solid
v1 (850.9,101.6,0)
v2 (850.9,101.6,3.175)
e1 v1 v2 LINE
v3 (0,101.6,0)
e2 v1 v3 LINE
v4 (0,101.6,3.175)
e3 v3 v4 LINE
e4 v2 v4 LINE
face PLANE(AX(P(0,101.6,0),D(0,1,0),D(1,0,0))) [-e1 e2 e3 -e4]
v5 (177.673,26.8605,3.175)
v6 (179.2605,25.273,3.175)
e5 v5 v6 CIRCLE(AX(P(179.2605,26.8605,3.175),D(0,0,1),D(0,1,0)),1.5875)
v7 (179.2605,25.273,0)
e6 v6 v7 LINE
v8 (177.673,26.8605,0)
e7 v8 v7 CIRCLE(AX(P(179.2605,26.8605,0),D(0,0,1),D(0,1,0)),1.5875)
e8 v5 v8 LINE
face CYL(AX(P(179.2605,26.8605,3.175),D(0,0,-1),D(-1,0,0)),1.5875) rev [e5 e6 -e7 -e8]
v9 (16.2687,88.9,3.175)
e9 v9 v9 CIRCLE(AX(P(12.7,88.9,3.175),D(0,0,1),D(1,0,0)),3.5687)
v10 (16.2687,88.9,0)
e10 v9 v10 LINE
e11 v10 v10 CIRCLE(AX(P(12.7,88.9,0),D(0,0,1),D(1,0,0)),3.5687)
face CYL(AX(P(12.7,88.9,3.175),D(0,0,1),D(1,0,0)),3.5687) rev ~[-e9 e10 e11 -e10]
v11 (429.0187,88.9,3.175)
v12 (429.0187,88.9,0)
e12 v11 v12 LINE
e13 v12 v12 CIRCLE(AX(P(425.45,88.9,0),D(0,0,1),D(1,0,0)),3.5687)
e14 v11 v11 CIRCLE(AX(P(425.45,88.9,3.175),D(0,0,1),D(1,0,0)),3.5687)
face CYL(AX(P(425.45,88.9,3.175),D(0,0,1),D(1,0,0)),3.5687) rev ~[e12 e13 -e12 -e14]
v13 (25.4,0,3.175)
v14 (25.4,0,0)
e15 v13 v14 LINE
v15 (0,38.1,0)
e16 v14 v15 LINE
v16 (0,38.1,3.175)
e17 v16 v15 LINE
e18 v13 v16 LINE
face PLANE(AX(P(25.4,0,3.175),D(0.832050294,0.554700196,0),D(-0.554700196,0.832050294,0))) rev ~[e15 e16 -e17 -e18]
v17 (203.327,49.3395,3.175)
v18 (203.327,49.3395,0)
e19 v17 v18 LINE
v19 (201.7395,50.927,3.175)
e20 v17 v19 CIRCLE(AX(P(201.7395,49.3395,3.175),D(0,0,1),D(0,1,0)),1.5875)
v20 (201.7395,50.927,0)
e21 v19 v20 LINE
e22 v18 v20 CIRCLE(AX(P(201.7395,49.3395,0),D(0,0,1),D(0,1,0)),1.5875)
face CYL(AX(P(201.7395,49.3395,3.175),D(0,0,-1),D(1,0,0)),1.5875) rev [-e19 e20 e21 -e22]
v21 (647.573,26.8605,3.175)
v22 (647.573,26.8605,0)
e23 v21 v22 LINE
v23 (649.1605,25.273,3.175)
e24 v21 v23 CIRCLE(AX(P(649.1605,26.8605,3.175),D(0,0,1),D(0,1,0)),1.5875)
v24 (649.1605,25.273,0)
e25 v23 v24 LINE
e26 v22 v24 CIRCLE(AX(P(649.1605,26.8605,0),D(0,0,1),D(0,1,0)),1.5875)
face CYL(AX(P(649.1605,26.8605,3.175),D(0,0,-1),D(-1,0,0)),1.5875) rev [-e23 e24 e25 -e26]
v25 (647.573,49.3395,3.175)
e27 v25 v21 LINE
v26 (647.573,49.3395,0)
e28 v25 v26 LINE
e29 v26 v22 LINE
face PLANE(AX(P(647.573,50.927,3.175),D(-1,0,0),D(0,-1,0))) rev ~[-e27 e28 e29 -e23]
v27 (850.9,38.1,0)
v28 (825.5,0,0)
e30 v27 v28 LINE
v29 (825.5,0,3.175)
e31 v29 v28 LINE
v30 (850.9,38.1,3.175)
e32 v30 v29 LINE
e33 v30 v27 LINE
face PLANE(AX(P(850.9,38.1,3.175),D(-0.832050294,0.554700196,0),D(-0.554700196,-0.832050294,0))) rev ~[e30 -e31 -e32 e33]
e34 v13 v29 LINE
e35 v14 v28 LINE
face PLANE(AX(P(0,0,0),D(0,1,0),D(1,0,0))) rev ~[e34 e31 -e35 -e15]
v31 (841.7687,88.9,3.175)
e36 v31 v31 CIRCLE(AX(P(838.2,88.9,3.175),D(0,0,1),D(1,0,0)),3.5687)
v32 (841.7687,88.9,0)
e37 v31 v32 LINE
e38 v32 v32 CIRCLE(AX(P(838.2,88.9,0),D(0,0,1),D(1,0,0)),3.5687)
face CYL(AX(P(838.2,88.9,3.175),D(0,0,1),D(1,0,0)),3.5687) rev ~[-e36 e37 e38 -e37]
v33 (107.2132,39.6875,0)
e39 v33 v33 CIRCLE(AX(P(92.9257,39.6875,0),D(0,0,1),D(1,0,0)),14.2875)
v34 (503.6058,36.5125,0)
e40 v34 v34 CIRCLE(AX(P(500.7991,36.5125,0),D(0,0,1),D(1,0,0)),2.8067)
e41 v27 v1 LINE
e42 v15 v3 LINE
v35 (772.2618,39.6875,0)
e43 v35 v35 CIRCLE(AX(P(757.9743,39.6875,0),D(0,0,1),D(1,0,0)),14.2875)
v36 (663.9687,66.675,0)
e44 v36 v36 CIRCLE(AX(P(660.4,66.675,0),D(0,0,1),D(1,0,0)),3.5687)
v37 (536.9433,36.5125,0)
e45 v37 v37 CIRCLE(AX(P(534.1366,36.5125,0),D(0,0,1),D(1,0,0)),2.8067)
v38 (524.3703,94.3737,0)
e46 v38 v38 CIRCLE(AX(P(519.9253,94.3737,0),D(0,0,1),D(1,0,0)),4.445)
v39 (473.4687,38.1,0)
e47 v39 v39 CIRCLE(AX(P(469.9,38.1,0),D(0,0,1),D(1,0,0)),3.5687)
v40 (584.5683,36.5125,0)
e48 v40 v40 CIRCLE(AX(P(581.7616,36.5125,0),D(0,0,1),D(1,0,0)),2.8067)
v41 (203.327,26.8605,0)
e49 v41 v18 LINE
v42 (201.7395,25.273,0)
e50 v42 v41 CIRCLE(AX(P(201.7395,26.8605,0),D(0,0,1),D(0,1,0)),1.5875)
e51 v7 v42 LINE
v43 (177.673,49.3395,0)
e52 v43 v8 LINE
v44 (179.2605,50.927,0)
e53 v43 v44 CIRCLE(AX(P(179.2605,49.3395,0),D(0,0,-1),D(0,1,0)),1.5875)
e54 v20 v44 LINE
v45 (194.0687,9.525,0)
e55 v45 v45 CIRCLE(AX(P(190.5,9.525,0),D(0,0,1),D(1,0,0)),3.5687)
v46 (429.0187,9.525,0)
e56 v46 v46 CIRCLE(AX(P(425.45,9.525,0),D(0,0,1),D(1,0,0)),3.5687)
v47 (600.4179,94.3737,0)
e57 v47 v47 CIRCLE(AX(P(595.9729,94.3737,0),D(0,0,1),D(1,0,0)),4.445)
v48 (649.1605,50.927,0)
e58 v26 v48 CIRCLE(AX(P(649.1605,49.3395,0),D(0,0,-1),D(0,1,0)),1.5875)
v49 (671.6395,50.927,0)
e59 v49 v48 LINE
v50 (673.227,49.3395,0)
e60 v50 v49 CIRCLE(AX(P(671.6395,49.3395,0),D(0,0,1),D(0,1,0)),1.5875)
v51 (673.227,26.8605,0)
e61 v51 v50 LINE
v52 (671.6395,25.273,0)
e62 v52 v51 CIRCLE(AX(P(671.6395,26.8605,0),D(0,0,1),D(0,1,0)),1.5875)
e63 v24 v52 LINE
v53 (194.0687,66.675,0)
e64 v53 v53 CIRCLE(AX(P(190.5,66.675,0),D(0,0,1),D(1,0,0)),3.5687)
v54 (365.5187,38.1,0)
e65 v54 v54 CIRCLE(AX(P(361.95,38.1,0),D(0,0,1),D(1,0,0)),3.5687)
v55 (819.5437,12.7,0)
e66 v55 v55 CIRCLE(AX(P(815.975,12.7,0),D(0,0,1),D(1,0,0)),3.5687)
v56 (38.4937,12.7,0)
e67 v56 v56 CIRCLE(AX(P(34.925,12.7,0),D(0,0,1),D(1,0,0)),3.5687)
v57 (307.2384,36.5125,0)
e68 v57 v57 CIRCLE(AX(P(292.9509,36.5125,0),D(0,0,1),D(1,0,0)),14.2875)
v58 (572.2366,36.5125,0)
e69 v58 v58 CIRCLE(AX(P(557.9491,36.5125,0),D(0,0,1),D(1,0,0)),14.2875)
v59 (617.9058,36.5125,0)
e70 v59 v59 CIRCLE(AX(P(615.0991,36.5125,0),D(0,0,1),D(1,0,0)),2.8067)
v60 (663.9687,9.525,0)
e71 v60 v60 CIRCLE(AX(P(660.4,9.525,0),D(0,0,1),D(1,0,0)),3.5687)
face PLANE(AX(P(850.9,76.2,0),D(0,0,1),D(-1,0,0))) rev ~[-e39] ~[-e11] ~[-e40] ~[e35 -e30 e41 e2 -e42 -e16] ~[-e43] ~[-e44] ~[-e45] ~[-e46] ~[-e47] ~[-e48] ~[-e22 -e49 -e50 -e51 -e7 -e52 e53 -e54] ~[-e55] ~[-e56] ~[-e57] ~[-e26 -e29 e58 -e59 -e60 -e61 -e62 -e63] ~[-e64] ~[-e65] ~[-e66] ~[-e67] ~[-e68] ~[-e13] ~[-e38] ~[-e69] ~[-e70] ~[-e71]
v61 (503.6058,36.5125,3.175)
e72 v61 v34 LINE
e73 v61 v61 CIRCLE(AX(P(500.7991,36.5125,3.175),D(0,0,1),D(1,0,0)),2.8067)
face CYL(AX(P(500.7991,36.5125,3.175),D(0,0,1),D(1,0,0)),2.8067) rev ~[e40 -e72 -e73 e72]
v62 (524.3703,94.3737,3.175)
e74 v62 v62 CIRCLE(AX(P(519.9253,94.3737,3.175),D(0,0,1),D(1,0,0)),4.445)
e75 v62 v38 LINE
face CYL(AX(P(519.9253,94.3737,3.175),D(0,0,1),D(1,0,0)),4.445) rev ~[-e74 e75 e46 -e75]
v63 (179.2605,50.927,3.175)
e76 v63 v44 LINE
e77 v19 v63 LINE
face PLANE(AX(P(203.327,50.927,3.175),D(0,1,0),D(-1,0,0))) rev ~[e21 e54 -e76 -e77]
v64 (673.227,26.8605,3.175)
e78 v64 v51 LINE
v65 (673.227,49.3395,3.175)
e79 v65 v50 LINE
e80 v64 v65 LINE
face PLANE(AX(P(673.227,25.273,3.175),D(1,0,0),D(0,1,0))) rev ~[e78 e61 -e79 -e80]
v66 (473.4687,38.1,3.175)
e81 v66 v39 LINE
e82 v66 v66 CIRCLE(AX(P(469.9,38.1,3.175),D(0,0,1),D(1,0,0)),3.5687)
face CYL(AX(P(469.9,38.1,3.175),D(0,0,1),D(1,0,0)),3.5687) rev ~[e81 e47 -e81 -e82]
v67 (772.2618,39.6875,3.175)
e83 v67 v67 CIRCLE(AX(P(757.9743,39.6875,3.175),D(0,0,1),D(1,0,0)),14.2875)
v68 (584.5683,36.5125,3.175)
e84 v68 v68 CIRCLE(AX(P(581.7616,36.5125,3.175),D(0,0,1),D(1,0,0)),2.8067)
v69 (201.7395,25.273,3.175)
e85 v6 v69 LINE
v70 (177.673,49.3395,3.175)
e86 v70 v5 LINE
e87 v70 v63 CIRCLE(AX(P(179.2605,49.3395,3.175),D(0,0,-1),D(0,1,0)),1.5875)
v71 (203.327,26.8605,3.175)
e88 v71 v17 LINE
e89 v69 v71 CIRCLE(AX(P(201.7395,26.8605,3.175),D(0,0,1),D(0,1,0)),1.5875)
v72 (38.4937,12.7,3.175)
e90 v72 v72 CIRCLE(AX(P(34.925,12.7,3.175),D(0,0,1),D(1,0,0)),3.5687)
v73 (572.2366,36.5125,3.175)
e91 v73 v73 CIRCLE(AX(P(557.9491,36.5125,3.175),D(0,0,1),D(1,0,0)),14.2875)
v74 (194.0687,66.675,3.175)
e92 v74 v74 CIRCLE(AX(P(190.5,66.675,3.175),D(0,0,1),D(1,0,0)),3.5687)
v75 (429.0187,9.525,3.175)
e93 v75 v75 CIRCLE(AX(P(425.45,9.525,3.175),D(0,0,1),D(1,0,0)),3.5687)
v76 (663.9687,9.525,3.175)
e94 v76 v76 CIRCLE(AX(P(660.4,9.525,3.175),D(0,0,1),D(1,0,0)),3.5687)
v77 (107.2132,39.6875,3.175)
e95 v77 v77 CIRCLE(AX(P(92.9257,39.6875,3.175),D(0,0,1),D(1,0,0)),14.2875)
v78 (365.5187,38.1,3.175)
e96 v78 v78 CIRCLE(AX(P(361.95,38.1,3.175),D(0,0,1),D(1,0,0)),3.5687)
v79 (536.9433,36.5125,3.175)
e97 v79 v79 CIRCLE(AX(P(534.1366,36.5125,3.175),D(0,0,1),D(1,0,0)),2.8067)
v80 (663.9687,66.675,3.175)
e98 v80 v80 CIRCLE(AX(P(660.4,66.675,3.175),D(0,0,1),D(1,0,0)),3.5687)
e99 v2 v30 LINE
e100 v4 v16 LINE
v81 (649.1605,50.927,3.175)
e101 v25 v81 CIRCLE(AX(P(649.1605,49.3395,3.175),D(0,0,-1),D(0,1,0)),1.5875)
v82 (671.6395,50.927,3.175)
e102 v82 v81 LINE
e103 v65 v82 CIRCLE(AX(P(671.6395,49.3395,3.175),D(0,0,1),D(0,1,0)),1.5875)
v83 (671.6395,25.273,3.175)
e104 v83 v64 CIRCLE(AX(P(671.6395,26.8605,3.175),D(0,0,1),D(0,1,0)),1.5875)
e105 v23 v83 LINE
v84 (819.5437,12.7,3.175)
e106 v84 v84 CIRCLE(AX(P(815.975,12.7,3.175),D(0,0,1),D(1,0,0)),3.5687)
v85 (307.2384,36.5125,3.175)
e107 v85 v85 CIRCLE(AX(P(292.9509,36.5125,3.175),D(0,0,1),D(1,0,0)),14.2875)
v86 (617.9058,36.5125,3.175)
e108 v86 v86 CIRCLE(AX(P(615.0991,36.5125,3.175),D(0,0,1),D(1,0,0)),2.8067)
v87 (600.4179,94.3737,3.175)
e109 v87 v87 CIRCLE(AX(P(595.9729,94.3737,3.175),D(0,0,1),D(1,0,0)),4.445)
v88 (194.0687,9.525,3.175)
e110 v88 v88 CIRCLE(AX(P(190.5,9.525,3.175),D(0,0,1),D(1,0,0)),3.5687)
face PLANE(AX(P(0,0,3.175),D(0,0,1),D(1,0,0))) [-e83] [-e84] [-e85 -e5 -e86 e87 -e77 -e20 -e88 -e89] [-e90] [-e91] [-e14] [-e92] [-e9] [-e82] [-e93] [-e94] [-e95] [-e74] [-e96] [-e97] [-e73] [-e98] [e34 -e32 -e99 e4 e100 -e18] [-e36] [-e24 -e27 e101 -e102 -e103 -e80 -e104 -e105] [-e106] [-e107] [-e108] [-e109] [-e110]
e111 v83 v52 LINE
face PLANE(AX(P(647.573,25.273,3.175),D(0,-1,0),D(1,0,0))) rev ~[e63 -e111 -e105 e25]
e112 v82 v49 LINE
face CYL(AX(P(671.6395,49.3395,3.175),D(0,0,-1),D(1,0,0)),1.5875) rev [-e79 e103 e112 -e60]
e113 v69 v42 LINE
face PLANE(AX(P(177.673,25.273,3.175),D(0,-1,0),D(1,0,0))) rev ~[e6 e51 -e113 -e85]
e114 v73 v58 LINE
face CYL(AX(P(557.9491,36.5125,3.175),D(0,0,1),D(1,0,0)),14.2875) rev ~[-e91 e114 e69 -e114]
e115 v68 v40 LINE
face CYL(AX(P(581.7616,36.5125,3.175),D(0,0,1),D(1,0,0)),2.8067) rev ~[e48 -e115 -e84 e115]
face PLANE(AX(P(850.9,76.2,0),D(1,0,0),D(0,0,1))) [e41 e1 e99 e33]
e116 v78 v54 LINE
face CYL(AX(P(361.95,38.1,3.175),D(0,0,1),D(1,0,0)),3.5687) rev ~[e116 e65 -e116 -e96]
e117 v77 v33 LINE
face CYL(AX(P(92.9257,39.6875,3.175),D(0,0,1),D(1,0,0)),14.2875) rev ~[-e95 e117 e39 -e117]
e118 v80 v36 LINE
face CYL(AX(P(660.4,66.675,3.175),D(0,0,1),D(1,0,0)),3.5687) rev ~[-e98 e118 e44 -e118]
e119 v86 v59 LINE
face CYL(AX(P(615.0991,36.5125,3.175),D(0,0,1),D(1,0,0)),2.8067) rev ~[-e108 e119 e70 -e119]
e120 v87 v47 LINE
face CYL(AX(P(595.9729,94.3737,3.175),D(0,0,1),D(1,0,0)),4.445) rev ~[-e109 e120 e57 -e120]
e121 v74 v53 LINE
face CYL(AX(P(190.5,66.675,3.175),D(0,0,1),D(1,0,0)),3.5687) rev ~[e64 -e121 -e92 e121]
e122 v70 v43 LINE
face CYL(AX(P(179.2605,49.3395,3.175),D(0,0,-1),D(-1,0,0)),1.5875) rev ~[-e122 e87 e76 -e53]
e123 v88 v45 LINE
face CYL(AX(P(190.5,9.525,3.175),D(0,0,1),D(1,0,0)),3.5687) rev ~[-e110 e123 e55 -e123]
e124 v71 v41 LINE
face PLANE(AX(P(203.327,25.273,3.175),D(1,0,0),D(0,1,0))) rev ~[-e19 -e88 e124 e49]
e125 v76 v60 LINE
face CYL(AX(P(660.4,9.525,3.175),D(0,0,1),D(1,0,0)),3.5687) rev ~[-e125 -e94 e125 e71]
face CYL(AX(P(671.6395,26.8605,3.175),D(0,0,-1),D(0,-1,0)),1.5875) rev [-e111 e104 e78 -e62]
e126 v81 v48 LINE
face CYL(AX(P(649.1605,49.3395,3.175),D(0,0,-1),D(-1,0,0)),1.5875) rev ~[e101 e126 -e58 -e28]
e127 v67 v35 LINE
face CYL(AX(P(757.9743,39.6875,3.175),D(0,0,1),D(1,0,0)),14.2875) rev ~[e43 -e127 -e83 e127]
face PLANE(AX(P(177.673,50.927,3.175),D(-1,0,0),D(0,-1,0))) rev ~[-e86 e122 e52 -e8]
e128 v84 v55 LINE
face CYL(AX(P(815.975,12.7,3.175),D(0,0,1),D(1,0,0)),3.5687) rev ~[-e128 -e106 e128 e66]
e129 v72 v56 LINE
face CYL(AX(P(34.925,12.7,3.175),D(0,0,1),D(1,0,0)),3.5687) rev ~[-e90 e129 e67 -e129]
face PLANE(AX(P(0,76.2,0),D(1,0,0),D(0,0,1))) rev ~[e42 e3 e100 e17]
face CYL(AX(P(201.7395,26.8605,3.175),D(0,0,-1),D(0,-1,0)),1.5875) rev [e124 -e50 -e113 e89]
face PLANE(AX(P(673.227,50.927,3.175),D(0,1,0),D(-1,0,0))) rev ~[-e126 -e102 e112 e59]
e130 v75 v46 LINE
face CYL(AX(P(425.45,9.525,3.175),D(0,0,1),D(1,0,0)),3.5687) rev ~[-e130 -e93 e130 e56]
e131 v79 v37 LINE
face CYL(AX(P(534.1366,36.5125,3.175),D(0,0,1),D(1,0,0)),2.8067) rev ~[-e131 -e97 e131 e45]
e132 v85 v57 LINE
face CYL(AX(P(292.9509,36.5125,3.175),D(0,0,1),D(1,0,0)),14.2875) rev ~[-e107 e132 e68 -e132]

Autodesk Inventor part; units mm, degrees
ref_plane "YZ Plane" through (0, 0, 0) normal (1, 0, 0) x (0, 1, 0)
ref_plane "XZ Plane" through (0, 0, 0) normal (0, 1, 0) x (-1, 0, 0)
ref_plane "XY Plane" through (0, 0, 0) normal (0, 0, 1) x (1, 0, 0)
sketch "Sketch1" plane through (0, 0, 0) normal (0, 0, 1) x (1, 0, 0)
  line L0 (0, 0) -> (850.9, 0)
  line L1 (850.9, 0) -> (850.9, 76.2)
  line L2 (850.9, 76.2) -> (0, 76.2)
  line L3 (0, 76.2) -> (0, 0)
  dimension "d0" = 850.9
  dimension "d1" = 76.2
extrude "Extrusion1" add sketch "Sketch1" along normal blind 3.175
sketch "Sketch4" plane through (0, 0, 3.175) normal (0, 0, 1) x (1, 0, 0)
  line L0 (0, 0) -> (0, 38.1)
  line L1 (0, 76.2) -> (0, 0) projected
  line L2 (0, 0) -> (25.4, 0)
  line L3 (0, 0) -> (850.9, 0) projected
  line L4 (25.4, 0) -> (0, 38.1)
  line L5 (850.9, 0) -> (825.5, 0)
  line L6 (850.9, 0) -> (850.9, 38.1)
  line L7 (850.9, 0) -> (850.9, 76.2) projected
  line L8 (850.9, 38.1) -> (825.5, 0)
  line L9 (0, 38.1) -> (0, 36.5125)
  circle A0 centre (292.9509, 36.5125) radius 14.2875
  circle A1 centre (557.9491, 36.5125) radius 14.2875
  circle A2 centre (757.9743, 39.6875) radius 14.2875
  circle A3 centre (92.9257, 39.6875) radius 14.2875
  dimension "d24" = 38.1
  dimension "d26" = 25.4
  dimension "d27" = 38.1
  dimension "d33" = 28.575
  dimension "d34" = 28.575
  dimension "d38" = 28.575
  dimension "d39" = 28.575
extrude "Extrusion3" cut sketch "Sketch4" against normal blind 3.175
sketch "Sketch5" plane through (0, 0, 3.175) normal (0, 0, 1) x (1, 0, 0)
  line L0 (850.9, 76.2) -> (0, 76.2) projected
  line L1 (0, 76.2) -> (425.45, 76.2)
  circle A0 centre (425.45, 66.675) radius 3.5687
  circle A1 centre (425.45, 9.525) radius 3.5687
  line L2 (25.4, 0) -> (825.5, 0) projected
  line L3 (0, 76.2) -> (190.5, 76.2)
  circle A2 centre (190.5, 66.675) radius 3.5687
  circle A3 centre (190.5, 9.525) radius 3.5687
  circle A4 centre (190.5, 38.1) radius 3.5687
  line L4 (850.9, 38.1) -> (850.9, 76.2) projected
  line L5 (850.9, 76.2) -> (660.4, 76.2)
  circle A5 centre (660.4, 66.675) radius 3.5687
  circle A6 centre (660.4, 9.525) radius 3.5687
  circle A7 centre (660.4, 38.1) radius 3.5687
  circle A8 centre (838.2, 63.5) radius 3.5687
  circle A9 centre (12.7, 63.5) radius 3.5687
  line L6 (0, 76.2) -> (0, 38.1) projected
  circle A10 centre (34.925, 12.7) radius 3.5687
  circle A11 centre (815.975, 12.7) radius 3.5687
  point P0 (0, 0)
  dimension "d42" = 425.45
  dimension "d43" = 7.1374
  dimension "d44" = 9.525
  dimension "d45" = 7.1374
  dimension "d46" = 9.525
  dimension "d47" = 190.5
  dimension "d48" = 7.1374
  dimension "d49" = 9.525
  dimension "d50" = 7.1374
  dimension "d51" = 9.525
  dimension "d52" = 7.1374
  dimension "d53" = 38.1
  dimension "d54" = 190.5
  dimension "d55" = 7.1374
  dimension "d56" = 9.525
  dimension "d57" = 7.1374
  dimension "d58" = 9.525
  dimension "d59" = 7.1374
  dimension "d60" = 38.1
  dimension "d61" = 7.1374
  dimension "d62" = 12.7
  dimension "d63" = 12.7
  dimension "d64" = 7.1374
  dimension "d65" = 12.7
  dimension "d66" = 12.7
  dimension "d67" = 7.1374
  dimension "d69" = 12.7
  dimension "d70" = 9.525
  dimension "d71" = 7.1374
  dimension "d72" = 12.7
  dimension "d73" = 9.525
extrude "Extrusion4" cut sketch "Sketch5" against normal blind 3.175
sketch "Sketch6" plane through (0, 0, 3.175) normal (0, 0, 1) x (1, 0, 0)
  circle A0 centre (190.5, 38.1) radius 3.5687 projected
  circle A1 centre (660.4, 38.1) radius 3.5687 projected
  line L0 (177.673, 25.273) -> (203.327, 25.273)
  line L1 (203.327, 25.273) -> (203.327, 50.927)
  line L2 (203.327, 50.927) -> (177.673, 50.927)
  line L3 (177.673, 50.927) -> (177.673, 25.273)
  line L4 (177.673, 25.273) -> (203.327, 50.927) construction
  line L5 (203.327, 25.273) -> (177.673, 50.927) construction
  line L6 (647.573, 25.273) -> (673.227, 25.273)
  line L7 (673.227, 25.273) -> (673.227, 50.927)
  line L8 (673.227, 50.927) -> (647.573, 50.927)
  line L9 (647.573, 50.927) -> (647.573, 25.273)
  line L10 (647.573, 25.273) -> (673.227, 50.927) construction
  line L11 (673.227, 25.273) -> (647.573, 50.927) construction
  point P0 (0, 0)
  dimension "d76" = 25.654
  dimension "d77" = 25.654
  dimension "d78" = 25.654
  dimension "d79" = 25.654
extrude "Extrusion5" cut sketch "Sketch6" against normal blind 3.175
fillet "Fillet1" radius 1.5875 8 edges at (177.673, 25.273, 1.5875) (203.327, 25.273, 1.5875) (203.327, 50.927, 1.5875) (177.673, 50.927, 1.5875) (647.573, 50.927, 1.5875) (647.573, 25.273, 1.5875) (673.227, 50.927, 1.5875) (673.227, 25.273, 1.5875)
sketch "Sketch7" plane through (0, 0, 3.175) normal (0, 0, 1) x (1, 0, 0)
  circle A0 centre (557.9491, 36.5125) radius 14.2875 projected
  circle A1 centre (534.1366, 36.5125) radius 2.8067
  circle A2 centre (581.7616, 36.5125) radius 2.8067
  circle A3 centre (615.0991, 36.5125) radius 2.8067
  circle A4 centre (499.8313, 36.5125) radius 2.8067
  point P0 (0, 0)
  dimension "d85" = 5.6134
  dimension "d86" = 5.6134
  dimension "d87" = 5.6134
  dimension "d88" = 5.6134
extrude "Extrusion6" cut sketch "Sketch7" against normal blind 25.4 contours A1 | A2 | A3 | A4
sketch "Sketch8" plane through (0, 0, 3.175) normal (0, 0, 1) x (1, 0, 0)
  circle A0 centre (361.95, 38.1) radius 3.5687
  line L0 (850.9, 76.2) -> (0, 76.2) projected
  line L1 (0, 76.2) -> (0, 38.1) projected
  circle A1 centre (469.9, 38.1) radius 3.5687
  line L2 (850.9, 38.1) -> (850.9, 76.2) projected
  point P0 (0, 0)
  dimension "d91" = 7.1374
  dimension "d92" = 38.1
  dimension "d93" = 361.95
  dimension "d94" = 7.1374
  dimension "d95" = 38.1
  dimension "d102" = 381
extrude "Extrusion10" cut sketch "Sketch8" against normal blind 25.4
sketch "Sketch9" plane through (0, 76.2, 0) normal (0, 1, 0) x (1, 0, 0)
  line L0 (850.9, 0) -> (0, 0) projected
  line L1 (0, 0) -> (0, -3.175) projected
  line L2 (850.9, -3.175) -> (0, -3.175) projected
  line L3 (850.9, 0) -> (850.9, -3.175) projected
extrude "Extrusion11" add sketch "Sketch9" along normal blind 25.4
sketch "Sketch10" plane through (0, 0, 3.175) normal (0, 0, 1) x (1, 0, 0)
  circle A0 centre (12.7, 63.5) radius 3.5687 projected
  circle A1 centre (838.2, 63.5) radius 3.5687 projected
  circle A2 centre (425.45, 66.675) radius 3.5687 projected
  point P0 (0, 0)
extrude "Extrusion13" add sketch "Sketch10" against normal blind 3.175
sketch "Sketch12" plane through (0, 0, 3.175) normal (0, 0, 1) x (1, 0, 0)
  circle A0 centre (12.7, 88.9) radius 3.5687
  circle A1 centre (425.45, 88.9) radius 3.5687
  circle A2 centre (838.2, 88.9) radius 3.5687
  line L0 (850.9, 38.1) -> (850.9, 101.6) projected
  line L1 (0, 101.6) -> (850.9, 101.6) projected
  line L2 (0, 38.1) -> (0, 101.6) projected
  point P0 (0, 0)
  dimension "d113" = 7.1374
  dimension "d114" = 7.1374
  dimension "d115" = 7.1374
  dimension "d116" = 12.7
  dimension "d117" = 12.7
  dimension "d118" = 12.7
  dimension "d119" = 425.45
  dimension "d120" = 12.7
  dimension "d121" = 12.7
extrude "Extrusion14" cut sketch "Sketch12" against normal blind 3.175
sketch "Sketch14" plane through (0, 0, 3.175) normal (0, 0, 1) x (1, 0, 0)
  circle A0 centre (499.8313, 36.5125) radius 2.8067 projected
  point P0 (0, 0)
extrude "Extrusion16" add sketch "Sketch14" against normal blind 3.175
sketch "Sketch15" plane through (0, 0, 3.175) normal (0, 0, 1) x (1, 0, 0)
  circle A0 centre (557.9491, 36.5125) radius 14.2875 projected
  circle A1 centre (500.7991, 36.5125) radius 2.8067
  point P0 (0, 0)
  dimension "d137" = 5.6134
extrude "Extrusion17" cut sketch "Sketch15" against normal blind 3.175 contours A1
sketch "Sketch16" plane through (0, 0, 3.175) normal (0, 0, 1) x (1, 0, 0)
  circle A0 centre (519.9253, 94.3737) radius 4.445
  circle A1 centre (595.9729, 94.3737) radius 4.445
  circle A2 centre (615.0991, 36.5125) radius 2.8067 projected
  circle A3 centre (500.7991, 36.5125) radius 2.8067 projected
  point P0 (0, 0)
  dimension "d140" = 8.89
  dimension "d141" = 8.89
  dimension "d142" = 57.8612
  dimension "d143" = 19.1262
  dimension "d144" = 57.8612
  dimension "d145" = 19.1262
extrude "Extrusion18" cut sketch "Sketch16" against normal blind 3.175 contours A0 | A1
properties part number "InsidePlate2" material "Aluminum 6061"
